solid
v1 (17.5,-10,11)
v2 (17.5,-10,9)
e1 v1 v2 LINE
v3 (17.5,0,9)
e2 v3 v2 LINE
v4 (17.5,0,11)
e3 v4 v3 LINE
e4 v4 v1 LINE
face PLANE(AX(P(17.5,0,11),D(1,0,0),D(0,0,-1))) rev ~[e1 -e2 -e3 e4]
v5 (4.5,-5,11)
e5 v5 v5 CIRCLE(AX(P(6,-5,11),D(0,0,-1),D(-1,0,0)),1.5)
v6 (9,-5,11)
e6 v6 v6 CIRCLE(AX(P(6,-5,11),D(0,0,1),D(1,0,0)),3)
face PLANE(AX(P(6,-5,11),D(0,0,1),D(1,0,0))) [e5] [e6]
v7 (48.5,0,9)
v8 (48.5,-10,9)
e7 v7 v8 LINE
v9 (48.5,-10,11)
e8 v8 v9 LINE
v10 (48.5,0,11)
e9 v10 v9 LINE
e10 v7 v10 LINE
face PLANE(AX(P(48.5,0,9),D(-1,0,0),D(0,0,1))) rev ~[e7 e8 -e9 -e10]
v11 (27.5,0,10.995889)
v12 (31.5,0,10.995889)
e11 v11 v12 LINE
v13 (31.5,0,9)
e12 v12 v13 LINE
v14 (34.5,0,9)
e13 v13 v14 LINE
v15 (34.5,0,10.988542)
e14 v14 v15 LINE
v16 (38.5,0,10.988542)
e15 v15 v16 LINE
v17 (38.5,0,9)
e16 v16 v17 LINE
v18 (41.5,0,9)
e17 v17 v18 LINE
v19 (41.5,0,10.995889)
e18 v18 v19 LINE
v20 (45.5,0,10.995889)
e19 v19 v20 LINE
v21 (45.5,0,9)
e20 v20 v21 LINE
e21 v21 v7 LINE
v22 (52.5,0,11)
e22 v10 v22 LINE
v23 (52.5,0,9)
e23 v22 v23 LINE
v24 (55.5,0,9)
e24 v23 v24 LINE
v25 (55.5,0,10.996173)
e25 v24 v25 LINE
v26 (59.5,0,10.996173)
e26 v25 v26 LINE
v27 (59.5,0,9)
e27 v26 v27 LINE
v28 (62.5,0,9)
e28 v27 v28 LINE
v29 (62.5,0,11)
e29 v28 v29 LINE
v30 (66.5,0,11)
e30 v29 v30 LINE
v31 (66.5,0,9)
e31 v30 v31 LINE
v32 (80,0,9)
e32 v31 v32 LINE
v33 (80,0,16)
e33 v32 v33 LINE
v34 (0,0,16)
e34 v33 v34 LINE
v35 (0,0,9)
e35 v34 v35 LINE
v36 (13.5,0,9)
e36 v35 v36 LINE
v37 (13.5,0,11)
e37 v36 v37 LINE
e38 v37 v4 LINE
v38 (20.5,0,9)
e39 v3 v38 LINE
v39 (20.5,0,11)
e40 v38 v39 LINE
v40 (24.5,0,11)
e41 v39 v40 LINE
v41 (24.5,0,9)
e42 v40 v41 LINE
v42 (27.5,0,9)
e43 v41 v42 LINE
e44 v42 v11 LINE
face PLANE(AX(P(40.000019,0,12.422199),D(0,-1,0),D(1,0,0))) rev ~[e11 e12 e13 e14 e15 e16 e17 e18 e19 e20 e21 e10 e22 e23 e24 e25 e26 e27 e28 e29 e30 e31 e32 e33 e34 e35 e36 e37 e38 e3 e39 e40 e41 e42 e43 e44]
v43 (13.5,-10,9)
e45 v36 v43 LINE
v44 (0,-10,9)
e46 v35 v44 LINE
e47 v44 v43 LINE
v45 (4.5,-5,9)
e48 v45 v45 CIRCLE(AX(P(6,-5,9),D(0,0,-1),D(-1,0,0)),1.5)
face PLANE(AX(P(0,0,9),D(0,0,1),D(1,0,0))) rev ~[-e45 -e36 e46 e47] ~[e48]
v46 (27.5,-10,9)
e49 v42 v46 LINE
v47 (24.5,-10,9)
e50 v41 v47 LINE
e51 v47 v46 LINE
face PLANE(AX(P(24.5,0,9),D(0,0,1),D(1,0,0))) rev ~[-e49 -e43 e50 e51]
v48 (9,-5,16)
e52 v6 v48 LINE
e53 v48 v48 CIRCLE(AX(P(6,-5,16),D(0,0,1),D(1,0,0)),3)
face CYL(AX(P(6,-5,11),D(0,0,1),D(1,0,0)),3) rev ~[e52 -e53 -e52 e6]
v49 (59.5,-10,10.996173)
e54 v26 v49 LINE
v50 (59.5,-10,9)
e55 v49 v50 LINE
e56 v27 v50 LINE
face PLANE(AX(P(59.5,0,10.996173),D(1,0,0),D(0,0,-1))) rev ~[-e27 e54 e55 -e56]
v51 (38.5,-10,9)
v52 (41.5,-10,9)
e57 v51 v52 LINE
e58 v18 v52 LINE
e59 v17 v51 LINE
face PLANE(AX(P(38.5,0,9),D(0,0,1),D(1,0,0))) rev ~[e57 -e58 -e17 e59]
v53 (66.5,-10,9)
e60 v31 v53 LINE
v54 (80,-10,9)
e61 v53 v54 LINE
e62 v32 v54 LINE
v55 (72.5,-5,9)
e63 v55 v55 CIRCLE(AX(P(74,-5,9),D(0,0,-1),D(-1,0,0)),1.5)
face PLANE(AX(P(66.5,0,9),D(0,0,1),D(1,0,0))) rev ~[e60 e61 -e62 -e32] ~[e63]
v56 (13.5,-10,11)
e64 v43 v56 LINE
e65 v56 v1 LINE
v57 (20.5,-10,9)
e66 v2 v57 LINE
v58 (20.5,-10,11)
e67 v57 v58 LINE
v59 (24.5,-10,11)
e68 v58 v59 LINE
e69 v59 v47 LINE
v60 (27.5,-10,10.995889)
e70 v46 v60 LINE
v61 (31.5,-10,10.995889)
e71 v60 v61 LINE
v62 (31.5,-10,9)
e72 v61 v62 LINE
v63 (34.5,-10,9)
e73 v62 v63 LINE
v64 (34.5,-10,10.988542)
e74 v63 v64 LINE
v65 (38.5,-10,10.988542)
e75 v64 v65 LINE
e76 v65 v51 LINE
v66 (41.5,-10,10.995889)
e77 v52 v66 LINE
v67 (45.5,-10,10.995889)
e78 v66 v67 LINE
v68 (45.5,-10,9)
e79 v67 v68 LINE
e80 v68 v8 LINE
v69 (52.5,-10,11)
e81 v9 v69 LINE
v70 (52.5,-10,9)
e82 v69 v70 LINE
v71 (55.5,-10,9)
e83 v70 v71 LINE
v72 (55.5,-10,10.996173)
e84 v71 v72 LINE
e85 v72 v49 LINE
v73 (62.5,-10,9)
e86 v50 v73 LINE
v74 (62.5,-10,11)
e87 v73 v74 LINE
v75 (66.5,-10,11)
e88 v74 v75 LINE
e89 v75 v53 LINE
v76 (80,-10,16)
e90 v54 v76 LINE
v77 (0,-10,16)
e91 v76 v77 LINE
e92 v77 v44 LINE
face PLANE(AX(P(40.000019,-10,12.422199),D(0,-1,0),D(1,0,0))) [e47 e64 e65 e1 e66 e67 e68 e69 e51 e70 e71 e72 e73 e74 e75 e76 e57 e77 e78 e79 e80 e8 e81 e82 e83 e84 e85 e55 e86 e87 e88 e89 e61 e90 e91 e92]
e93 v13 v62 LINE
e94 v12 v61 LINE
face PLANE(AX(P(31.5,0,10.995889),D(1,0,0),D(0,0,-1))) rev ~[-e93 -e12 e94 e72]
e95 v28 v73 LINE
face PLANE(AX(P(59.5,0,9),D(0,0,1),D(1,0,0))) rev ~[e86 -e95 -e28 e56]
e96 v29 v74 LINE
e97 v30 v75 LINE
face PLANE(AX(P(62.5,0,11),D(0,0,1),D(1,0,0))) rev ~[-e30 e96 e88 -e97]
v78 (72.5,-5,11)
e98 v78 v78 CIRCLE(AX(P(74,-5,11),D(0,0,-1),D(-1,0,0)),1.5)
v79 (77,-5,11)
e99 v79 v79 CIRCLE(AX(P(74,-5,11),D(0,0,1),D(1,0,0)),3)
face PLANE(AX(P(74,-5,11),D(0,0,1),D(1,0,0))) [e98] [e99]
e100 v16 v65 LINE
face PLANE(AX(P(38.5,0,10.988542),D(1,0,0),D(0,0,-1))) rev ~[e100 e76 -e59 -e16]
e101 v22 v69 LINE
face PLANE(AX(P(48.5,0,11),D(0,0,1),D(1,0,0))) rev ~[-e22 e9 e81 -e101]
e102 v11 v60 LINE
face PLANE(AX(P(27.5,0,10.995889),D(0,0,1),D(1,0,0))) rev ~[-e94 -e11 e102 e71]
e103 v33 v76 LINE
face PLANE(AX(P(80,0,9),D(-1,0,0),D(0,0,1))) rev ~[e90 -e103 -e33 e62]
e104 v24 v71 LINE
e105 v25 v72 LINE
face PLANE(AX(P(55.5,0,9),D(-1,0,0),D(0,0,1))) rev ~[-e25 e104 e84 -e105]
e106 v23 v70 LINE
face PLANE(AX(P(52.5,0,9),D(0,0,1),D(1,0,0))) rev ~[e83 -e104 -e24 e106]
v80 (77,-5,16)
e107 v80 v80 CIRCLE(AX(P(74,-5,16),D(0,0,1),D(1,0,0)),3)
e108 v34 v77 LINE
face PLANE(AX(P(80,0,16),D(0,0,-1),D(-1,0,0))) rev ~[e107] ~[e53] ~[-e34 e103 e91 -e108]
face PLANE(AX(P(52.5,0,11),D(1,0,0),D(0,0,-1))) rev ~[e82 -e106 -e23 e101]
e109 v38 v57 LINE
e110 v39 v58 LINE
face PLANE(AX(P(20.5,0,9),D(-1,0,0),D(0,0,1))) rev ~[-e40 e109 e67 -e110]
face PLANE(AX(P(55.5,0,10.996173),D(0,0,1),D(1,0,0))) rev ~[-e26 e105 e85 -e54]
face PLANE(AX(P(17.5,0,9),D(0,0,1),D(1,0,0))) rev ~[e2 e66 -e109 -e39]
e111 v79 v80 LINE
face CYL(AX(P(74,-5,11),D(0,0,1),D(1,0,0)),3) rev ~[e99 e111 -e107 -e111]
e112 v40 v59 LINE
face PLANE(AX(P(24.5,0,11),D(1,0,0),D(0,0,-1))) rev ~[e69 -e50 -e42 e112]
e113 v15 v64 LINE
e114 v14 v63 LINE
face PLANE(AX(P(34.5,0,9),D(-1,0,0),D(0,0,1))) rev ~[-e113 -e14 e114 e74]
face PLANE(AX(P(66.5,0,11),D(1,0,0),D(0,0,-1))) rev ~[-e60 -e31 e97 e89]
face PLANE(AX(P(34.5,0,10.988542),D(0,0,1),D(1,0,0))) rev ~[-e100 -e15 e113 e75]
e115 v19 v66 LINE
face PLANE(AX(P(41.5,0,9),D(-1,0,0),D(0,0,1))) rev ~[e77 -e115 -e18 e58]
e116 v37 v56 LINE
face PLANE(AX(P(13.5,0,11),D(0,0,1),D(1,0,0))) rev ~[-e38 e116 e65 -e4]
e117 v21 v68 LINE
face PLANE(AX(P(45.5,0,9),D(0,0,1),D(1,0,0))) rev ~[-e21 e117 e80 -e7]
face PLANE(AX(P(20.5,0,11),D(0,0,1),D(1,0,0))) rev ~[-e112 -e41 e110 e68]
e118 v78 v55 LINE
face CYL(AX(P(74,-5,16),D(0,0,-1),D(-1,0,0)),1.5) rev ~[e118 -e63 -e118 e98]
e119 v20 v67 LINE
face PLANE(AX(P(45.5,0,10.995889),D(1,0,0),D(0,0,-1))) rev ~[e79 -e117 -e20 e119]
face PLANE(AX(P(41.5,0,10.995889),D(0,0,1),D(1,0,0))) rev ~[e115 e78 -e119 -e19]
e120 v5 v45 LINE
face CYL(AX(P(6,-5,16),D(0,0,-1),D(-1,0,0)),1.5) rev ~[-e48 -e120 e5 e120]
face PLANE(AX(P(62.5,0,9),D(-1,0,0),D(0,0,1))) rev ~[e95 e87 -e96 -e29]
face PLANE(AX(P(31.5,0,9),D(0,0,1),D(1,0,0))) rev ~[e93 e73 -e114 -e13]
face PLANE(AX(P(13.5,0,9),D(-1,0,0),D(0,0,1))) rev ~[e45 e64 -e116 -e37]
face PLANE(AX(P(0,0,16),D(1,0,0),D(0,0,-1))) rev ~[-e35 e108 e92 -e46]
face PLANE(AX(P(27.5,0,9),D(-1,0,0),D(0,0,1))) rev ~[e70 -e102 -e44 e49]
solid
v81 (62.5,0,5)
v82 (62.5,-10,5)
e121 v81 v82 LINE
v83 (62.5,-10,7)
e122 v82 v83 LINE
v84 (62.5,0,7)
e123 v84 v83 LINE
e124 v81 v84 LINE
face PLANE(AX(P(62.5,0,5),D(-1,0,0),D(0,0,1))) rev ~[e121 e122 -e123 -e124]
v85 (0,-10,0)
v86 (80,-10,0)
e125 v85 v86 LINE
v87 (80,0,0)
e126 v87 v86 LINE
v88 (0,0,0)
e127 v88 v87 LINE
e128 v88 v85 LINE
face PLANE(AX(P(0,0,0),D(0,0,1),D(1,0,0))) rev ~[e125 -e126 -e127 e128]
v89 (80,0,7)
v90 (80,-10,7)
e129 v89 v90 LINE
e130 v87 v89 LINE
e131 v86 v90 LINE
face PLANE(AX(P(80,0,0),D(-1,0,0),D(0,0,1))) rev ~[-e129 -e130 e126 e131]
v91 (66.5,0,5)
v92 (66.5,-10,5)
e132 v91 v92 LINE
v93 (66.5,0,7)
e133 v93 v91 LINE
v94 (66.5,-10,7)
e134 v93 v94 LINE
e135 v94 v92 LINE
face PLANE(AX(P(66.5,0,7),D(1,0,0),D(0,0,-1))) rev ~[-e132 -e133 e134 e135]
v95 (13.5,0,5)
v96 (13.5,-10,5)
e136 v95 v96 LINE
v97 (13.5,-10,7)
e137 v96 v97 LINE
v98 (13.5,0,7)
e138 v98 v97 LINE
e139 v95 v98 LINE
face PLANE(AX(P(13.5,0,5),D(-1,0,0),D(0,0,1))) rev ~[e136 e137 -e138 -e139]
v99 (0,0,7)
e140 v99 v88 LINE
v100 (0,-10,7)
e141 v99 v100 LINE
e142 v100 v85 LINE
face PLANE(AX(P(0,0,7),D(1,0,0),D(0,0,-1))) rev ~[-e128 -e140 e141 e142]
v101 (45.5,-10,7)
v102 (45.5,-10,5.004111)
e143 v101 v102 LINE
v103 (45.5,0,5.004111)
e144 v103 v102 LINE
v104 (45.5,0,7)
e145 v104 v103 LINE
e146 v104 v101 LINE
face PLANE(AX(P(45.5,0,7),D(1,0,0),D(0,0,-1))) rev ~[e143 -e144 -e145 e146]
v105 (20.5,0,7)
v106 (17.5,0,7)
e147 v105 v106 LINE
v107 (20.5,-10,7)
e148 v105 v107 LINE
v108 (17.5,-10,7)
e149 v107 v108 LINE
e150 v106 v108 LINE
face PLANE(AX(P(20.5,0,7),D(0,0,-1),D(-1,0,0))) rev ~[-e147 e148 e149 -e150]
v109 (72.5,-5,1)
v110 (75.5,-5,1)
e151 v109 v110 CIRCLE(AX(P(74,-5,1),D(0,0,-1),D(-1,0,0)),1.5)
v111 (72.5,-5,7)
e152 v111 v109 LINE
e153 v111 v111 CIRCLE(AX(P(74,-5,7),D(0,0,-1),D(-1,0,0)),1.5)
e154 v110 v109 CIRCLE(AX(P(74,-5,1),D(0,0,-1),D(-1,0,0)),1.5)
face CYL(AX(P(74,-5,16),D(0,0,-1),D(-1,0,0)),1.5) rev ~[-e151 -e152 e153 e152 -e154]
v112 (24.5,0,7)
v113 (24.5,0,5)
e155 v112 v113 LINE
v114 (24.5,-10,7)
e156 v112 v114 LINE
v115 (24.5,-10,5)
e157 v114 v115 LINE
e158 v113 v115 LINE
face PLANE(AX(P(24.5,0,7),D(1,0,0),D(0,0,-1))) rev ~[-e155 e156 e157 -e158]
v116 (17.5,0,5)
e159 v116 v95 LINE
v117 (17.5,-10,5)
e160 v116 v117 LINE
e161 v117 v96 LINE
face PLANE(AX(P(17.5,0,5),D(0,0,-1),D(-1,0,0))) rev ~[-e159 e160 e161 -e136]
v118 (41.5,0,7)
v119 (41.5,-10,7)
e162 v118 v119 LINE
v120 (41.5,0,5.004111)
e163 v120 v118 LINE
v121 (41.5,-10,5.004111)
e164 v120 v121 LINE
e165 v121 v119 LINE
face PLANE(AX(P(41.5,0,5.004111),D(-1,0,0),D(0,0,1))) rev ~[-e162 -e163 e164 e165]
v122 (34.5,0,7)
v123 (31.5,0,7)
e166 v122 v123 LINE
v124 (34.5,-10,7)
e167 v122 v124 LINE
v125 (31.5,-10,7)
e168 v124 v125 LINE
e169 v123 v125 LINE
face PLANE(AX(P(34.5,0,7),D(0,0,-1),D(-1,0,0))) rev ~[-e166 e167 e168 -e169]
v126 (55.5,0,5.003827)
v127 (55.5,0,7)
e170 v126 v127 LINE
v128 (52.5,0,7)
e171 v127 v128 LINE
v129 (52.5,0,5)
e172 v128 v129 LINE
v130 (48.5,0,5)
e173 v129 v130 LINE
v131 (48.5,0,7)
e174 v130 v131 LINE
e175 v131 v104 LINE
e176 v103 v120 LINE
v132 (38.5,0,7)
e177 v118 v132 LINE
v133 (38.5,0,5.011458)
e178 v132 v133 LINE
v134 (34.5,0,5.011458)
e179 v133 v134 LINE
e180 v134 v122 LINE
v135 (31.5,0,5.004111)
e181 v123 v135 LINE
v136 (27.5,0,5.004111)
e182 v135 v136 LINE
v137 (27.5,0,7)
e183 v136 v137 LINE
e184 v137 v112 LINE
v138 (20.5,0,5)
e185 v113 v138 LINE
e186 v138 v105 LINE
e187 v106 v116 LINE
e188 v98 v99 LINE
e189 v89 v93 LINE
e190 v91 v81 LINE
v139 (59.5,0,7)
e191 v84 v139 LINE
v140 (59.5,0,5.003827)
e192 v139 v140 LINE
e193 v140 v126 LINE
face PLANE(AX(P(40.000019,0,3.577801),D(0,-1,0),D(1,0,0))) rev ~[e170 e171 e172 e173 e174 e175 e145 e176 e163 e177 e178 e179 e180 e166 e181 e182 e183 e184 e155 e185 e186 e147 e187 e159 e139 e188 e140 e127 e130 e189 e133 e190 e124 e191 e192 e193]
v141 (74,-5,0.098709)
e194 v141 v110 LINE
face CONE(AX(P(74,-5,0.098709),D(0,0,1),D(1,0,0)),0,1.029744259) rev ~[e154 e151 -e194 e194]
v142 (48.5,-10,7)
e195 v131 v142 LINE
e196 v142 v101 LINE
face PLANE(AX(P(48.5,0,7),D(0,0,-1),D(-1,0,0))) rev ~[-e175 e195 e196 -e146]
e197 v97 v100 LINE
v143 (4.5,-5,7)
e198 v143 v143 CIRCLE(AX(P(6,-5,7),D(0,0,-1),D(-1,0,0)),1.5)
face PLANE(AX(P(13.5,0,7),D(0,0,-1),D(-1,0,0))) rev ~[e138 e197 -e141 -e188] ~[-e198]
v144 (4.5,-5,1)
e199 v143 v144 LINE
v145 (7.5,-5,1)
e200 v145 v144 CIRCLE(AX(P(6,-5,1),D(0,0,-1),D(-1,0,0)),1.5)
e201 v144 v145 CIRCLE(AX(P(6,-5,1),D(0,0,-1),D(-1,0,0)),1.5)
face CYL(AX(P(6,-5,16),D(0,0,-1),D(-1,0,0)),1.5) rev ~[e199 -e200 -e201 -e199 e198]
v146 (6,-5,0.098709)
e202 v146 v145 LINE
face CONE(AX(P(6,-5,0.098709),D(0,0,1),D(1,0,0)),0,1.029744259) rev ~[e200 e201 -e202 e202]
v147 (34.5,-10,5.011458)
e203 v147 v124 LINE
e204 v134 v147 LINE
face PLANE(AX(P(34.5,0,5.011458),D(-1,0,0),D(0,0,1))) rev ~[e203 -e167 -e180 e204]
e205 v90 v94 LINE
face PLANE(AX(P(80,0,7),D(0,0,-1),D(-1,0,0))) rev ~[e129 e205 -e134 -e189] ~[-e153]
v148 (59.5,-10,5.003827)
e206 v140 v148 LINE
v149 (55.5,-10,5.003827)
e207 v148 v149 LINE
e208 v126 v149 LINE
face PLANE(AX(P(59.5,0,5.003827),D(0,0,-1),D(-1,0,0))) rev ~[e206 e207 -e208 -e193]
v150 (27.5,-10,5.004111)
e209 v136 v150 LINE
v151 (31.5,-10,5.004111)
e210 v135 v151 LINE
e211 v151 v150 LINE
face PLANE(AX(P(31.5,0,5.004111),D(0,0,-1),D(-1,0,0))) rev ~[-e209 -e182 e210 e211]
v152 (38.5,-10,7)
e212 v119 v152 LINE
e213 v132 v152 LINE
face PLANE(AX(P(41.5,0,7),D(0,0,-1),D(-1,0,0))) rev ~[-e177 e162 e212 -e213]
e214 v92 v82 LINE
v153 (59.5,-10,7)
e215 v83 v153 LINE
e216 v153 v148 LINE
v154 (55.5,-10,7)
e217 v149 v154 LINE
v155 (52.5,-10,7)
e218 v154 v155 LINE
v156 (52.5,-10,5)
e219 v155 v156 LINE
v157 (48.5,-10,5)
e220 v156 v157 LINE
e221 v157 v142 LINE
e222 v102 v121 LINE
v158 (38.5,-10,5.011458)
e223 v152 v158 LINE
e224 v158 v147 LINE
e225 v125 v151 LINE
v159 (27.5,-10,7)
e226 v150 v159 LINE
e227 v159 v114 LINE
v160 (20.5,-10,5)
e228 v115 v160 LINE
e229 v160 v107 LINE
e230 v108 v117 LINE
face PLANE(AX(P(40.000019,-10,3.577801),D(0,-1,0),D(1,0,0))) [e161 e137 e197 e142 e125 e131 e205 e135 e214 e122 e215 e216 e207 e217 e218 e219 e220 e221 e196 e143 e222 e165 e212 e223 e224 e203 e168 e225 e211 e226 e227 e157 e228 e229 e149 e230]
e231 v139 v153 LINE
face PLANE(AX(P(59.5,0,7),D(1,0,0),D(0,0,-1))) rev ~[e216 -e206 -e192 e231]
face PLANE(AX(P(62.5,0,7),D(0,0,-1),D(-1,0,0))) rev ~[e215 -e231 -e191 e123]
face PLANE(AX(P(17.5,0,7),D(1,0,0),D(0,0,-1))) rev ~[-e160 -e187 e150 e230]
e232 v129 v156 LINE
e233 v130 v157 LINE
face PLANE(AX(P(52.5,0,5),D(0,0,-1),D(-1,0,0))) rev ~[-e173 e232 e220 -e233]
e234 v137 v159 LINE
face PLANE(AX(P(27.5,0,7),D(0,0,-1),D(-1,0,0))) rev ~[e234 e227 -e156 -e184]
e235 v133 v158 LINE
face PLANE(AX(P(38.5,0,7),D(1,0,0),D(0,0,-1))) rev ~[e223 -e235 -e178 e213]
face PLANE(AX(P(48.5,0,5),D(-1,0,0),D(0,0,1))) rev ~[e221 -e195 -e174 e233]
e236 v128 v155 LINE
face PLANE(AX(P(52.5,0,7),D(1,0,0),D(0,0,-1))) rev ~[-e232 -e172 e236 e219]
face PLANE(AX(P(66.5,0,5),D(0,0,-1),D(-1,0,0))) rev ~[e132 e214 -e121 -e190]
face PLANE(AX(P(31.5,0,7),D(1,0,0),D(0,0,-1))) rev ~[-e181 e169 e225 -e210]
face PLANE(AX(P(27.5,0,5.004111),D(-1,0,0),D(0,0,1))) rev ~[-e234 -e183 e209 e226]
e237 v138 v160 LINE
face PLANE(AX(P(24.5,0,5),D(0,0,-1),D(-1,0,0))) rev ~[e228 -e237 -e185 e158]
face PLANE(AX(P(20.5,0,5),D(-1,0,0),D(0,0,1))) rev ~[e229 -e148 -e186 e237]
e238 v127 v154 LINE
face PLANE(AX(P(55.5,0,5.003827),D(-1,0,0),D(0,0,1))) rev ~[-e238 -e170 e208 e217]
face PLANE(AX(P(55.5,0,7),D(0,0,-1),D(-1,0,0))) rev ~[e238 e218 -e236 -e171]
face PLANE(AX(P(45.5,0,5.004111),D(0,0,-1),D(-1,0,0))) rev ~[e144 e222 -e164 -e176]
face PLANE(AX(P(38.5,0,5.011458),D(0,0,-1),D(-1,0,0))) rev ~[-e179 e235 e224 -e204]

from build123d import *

# Parameters (mm, degrees)
F1_DEPTH         = 10
F3_D             = 3
F3_DEPTH         = 15
F3_CBORE_D       = 6
F3_CBORE_DEPTH   = 5
F3_TIP           = 0.9012909285
F3_2_D           = 3
F3_2_DEPTH       = 15
F3_2_CBORE_D     = 6
F3_2_CBORE_DEPTH = 5
F3_2_TIP         = 0.9012909285


with BuildPart() as f1:
    # F0 (on Front) → F1 (new body)
    with BuildSketch(Plane.XZ):
        Polygon((0, 9), (13.5, 9), (13.5, 11), (17.5, 11), (17.5, 9), (20.5, 9), (20.5, 11), (24.5, 11), (24.5, 9), (27.5, 9), (27.5, 10.9958891446), (31.5, 10.9958891446), (31.5, 9), (34.5, 9), (34.5, 10.9885419408), (38.5, 10.9885419408), (38.5, 9), (41.5, 9), (41.5, 10.9958891446), (45.5, 10.9958891446), (45.5, 9), (48.5, 9), (48.5, 11), (52.5, 11), (52.5, 9), (55.5, 9), (55.5, 10.9961733073), (59.5, 10.9961733073), (59.5, 9), (62.5, 9), (62.5, 11), (66.5, 11), (66.5, 9), (80, 9), (80, 16), (0, 16), align=None)
    extrude(amount=F1_DEPTH)

    # F3
    with Locations(Plane.XY.offset(16)):
        with Locations((6, -5), (74, -5)):
            CounterBoreHole(F3_D / 2, F3_CBORE_D / 2, F3_CBORE_DEPTH, depth=F3_DEPTH)
            with Locations((0, 0, -(F3_DEPTH + F3_TIP / 2))):  # 118° drill point
                Cone(0, F3_D / 2, F3_TIP, mode=Mode.SUBTRACT)


with BuildPart() as f1b:
    # F0 (on Front) → F1, piece 2 (new body)
    with BuildSketch(Plane.XZ):
        Polygon((0, 7), (0, 0), (79.936705776, 0), (80, 0), (80, 7), (66.5, 7), (66.5, 5), (62.5, 5), (62.5, 7), (59.5, 7), (59.5, 5.0038266927), (55.5, 5.0038266927), (55.5, 7), (52.5, 7), (52.5, 5), (48.5, 5), (48.5, 7), (45.5, 7), (45.5, 5.0041108554), (41.5, 5.0041108554), (41.5, 7), (38.5, 7), (38.5, 5.0114580592), (34.5, 5.0114580592), (34.5, 7), (31.5, 7), (31.5, 5.0041108554), (27.5, 5.0041108554), (27.5, 7), (24.5, 7), (24.5, 5), (20.5, 5), (20.5, 7), (17.5, 7), (17.5, 5), (13.5, 5), (13.5, 7), align=None)
    extrude(amount=F1_DEPTH)

    # F3#2
    with Locations(Plane.XY.offset(16)):
        with Locations((6, -5), (74, -5)):
            CounterBoreHole(F3_2_D / 2, F3_2_CBORE_D / 2, F3_2_CBORE_DEPTH, depth=F3_2_DEPTH)
            with Locations((0, 0, -(F3_2_DEPTH + F3_2_TIP / 2))):  # 118° drill point
                Cone(0, F3_2_D / 2, F3_2_TIP, mode=Mode.SUBTRACT)


solid = Compound([f1.part, f1b.part])
